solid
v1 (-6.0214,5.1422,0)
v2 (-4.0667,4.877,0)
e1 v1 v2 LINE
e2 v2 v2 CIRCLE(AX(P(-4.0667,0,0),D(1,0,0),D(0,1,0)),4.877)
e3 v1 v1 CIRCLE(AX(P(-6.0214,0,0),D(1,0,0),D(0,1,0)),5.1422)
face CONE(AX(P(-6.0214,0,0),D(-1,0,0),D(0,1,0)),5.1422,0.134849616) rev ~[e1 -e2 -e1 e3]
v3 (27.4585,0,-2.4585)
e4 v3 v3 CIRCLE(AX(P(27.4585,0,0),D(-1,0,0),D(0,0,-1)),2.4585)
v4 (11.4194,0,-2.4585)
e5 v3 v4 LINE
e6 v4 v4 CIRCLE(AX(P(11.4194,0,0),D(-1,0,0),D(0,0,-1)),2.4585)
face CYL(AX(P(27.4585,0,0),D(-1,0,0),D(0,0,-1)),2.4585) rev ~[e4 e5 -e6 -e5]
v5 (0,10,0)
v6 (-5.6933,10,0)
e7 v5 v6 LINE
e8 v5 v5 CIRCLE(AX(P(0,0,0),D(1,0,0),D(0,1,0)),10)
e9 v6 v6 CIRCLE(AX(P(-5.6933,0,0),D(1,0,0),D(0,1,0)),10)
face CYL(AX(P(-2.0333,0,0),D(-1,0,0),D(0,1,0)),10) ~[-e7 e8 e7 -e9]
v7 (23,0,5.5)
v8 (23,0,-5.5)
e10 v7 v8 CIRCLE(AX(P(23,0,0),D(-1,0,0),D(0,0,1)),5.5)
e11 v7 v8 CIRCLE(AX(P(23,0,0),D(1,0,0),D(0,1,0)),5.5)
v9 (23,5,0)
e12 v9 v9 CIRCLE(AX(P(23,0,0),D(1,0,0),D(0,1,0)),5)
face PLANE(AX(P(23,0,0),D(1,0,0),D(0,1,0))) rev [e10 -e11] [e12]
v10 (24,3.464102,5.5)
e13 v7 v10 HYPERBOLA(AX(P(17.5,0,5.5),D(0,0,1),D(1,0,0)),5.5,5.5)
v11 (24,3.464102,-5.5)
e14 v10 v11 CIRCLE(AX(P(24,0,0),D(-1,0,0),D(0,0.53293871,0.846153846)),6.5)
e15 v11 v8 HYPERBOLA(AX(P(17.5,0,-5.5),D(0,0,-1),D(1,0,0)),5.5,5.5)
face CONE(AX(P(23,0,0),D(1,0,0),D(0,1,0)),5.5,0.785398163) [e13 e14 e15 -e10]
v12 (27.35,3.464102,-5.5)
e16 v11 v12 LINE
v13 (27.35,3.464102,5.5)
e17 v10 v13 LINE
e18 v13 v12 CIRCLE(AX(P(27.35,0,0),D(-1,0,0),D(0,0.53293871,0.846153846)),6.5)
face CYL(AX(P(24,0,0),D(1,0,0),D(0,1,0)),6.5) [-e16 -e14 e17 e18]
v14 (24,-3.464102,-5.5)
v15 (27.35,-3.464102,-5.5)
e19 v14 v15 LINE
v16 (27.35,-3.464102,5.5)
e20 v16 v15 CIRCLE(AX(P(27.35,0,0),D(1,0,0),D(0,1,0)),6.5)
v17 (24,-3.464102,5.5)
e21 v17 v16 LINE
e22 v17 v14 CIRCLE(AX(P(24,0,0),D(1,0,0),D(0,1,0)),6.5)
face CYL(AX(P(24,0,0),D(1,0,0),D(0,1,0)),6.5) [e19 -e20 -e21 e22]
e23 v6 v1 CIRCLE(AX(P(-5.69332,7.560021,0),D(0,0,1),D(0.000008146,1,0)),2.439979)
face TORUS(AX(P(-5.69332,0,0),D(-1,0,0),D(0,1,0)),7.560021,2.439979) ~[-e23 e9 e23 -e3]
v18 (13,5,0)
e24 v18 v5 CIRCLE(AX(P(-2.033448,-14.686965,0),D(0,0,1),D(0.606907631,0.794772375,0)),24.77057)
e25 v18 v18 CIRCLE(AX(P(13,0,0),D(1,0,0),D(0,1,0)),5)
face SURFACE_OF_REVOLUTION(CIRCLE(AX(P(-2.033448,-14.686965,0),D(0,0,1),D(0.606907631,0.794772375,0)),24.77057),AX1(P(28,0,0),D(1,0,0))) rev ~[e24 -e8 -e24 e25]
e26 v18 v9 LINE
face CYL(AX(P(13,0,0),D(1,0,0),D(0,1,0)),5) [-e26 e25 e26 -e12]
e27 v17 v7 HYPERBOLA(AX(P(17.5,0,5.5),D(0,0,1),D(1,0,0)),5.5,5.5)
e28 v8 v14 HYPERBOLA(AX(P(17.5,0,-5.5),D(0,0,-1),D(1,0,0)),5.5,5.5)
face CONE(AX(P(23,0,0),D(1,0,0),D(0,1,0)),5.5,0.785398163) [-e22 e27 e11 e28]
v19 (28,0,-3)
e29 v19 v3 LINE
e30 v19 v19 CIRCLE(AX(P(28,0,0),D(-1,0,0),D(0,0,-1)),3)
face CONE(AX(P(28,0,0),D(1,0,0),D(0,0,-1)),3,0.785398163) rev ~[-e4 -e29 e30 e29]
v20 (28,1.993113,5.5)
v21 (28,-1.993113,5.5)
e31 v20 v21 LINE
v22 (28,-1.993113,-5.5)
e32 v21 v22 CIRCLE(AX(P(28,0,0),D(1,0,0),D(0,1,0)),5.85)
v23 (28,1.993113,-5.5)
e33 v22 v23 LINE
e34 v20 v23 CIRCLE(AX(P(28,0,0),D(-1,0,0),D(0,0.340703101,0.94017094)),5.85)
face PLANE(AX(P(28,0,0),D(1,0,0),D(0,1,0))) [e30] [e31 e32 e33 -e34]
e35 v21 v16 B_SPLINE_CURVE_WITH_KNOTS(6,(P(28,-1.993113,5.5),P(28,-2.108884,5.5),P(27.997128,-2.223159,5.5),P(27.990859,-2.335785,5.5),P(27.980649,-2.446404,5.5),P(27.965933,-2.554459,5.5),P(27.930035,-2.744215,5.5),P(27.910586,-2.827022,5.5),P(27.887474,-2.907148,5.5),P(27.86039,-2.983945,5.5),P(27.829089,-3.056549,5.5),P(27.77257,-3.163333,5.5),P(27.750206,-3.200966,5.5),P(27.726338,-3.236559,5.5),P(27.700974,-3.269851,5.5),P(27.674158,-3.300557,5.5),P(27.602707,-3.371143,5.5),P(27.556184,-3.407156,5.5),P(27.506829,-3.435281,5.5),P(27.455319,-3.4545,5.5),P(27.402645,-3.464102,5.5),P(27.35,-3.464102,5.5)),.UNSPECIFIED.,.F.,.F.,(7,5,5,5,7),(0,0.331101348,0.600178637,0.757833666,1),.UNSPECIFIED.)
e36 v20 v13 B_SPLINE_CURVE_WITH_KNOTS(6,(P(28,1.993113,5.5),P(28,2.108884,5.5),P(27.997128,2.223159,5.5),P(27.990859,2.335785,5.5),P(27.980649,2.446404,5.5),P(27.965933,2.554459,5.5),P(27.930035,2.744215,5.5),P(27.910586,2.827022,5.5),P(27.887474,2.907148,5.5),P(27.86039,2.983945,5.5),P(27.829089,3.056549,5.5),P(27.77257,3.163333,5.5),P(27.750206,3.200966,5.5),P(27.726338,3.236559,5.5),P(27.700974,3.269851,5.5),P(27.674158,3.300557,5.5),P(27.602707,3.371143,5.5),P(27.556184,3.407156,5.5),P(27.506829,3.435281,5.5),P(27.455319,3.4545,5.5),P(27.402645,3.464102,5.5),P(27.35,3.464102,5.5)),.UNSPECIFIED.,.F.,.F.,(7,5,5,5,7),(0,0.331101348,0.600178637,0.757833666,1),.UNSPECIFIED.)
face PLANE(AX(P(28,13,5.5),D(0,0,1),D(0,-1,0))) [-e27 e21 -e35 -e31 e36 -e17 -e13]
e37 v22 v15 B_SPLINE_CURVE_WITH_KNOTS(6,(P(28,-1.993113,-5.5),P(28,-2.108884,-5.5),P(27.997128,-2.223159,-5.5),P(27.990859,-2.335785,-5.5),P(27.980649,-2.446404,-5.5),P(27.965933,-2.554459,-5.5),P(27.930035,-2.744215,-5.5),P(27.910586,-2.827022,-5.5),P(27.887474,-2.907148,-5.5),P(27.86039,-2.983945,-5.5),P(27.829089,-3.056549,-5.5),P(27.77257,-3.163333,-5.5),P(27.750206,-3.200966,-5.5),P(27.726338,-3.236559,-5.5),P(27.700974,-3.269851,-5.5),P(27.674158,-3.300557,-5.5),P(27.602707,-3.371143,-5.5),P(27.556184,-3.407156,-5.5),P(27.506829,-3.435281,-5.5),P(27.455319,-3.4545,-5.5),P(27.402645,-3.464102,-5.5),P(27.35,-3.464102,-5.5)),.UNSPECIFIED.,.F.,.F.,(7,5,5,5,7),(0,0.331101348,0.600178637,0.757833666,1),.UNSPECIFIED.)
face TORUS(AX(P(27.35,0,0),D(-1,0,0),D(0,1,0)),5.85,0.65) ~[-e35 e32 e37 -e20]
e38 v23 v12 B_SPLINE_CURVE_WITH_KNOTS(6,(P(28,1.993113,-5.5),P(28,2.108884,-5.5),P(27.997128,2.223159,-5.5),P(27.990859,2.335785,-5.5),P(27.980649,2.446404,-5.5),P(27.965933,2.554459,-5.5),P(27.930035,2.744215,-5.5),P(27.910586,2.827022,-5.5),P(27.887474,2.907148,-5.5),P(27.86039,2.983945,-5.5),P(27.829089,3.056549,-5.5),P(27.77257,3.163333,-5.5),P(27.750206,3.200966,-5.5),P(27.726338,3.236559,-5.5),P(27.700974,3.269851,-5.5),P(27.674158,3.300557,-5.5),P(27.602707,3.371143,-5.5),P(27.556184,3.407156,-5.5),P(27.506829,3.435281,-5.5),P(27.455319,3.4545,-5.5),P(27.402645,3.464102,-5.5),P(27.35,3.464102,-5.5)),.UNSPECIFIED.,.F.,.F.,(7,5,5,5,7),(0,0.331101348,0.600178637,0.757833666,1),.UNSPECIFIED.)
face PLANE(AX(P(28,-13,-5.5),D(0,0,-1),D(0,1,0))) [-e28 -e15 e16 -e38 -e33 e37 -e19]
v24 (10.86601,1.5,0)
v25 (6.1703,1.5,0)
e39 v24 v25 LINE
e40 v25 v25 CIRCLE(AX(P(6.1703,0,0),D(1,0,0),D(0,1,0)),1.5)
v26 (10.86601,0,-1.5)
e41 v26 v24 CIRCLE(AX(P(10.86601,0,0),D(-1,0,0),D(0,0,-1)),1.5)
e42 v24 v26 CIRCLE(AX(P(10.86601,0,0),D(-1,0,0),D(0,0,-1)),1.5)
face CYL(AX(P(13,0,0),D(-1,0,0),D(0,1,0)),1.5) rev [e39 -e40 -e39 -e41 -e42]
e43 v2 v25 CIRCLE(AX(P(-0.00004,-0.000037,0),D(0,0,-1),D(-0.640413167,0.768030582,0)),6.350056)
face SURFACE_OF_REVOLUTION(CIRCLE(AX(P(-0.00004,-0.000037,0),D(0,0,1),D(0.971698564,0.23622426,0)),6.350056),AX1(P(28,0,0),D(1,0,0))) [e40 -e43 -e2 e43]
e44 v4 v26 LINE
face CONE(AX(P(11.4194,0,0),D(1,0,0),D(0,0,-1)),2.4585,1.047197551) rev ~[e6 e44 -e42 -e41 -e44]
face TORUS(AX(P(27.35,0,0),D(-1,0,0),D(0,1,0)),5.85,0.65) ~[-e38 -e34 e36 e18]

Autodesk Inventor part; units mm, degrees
sketch "Sketch_1" plane through (0, 0, 0) normal (0, 0, 1) x (1, 0, 0)
  line L0 (28, 0) -> (-4.0667, 0)
  line L1 (13, 0) -> (13, 1.5)
  line L2 (13, 1.5) -> (6.1703, 1.5)
  arc A0 (6.1703, 1.5) -> (-4.0667, 4.877) centre (0, 0) ccw
  line L3 (-4.0667, 4.877) -> (-4.0667, 10)
  line L4 (-4.0667, 10) -> (0, 10)
  arc A1 (13, 5) -> (0, 10) centre (-2.0333, -14.6867) ccw
  line L5 (13, 5) -> (23, 5)
  line L6 (23, 5) -> (23, 5.5)
  line L7 (23, 5.5) -> (24, 6.5)
  line L8 (24, 6.5) -> (27.35, 6.5)
  arc A2 (28, 5.85) -> (27.35, 6.5) centre (27.35, 5.85) ccw
  line L9 (28, 5.85) -> (28, 0)
  line L10 (28, 0) -> (13, 0)
revolve "Revolution1" add sketch "Sketch_1" angle 360 about axis through (28, 0, 0) along (1, 0, 0)
sketch "Sketch_2" plane through (28, 0, 0) normal (1, 0, 0) x (0, 0, -1)
  line L0 (-22, 26) -> (-22, -26)
  line L1 (-22, -26) -> (22, -26)
  line L2 (22, -26) -> (22, 26)
  line L3 (22, 26) -> (-22, 26)
  line L4 (-5.5, 13) -> (-5.5, -13)
  line L5 (-5.5, -13) -> (5.5, -13)
  line L6 (5.5, -13) -> (5.5, 13)
  line L7 (5.5, 13) -> (-5.5, 13)
extrude "Extrusion1" cut sketch "Sketch_2" against normal blind 5
sketch "Sketch_6" plane through (0, 0, 0) normal (0, 0, 1) x (1, 0, 0)
  line L0 (-2.0333, 0) -> (-8.1333, 0)
  arc A0 (-5.6933, 10) -> (-6.0214, 5.1422) centre (-5.6933, 7.56) ccw
  line L1 (-6.0214, 5.1422) -> (-4.0667, 4.877)
  arc A1 (-2.0333, 6.0157) -> (-4.0667, 4.877) centre (0, 0) ccw
  line L2 (-2.0333, 6.0157) -> (-2.0333, 10)
  line L3 (-2.0333, 10) -> (-5.6933, 10)
revolve "Revolution2" add sketch "Sketch_6" angle 360 about axis through (-2.0333, 0, 0) along (1, 0, 0)
sketch "Sketch4" plane through (28, -1.9931, -5.5) normal (1, 0, 0) x (0, 0, -1)
  point P0 (-5.5, 1.9931)
hole "Hole1" at (28, 0, 0) direction (-1, 0, 0) diameter 4.917 depth 16.5806 tip angle 120 countersink diameter 6 countersink angle 90 thread size "M6x1" class "6H" standard "ISO Metric profile"
ref_plane "holder_XY" through (0, 0, 0) normal (0, 0, 1) x (1, 0, 0)
ref_plane "holder_YZ" through (0, 0, 0) normal (1, 0, 0) x (0, 1, 0)
ref_plane "holder_ZX" through (0, 0, 0) normal (0, 1, 0) x (0, 0, 1)
properties part number "RBID6holder"
